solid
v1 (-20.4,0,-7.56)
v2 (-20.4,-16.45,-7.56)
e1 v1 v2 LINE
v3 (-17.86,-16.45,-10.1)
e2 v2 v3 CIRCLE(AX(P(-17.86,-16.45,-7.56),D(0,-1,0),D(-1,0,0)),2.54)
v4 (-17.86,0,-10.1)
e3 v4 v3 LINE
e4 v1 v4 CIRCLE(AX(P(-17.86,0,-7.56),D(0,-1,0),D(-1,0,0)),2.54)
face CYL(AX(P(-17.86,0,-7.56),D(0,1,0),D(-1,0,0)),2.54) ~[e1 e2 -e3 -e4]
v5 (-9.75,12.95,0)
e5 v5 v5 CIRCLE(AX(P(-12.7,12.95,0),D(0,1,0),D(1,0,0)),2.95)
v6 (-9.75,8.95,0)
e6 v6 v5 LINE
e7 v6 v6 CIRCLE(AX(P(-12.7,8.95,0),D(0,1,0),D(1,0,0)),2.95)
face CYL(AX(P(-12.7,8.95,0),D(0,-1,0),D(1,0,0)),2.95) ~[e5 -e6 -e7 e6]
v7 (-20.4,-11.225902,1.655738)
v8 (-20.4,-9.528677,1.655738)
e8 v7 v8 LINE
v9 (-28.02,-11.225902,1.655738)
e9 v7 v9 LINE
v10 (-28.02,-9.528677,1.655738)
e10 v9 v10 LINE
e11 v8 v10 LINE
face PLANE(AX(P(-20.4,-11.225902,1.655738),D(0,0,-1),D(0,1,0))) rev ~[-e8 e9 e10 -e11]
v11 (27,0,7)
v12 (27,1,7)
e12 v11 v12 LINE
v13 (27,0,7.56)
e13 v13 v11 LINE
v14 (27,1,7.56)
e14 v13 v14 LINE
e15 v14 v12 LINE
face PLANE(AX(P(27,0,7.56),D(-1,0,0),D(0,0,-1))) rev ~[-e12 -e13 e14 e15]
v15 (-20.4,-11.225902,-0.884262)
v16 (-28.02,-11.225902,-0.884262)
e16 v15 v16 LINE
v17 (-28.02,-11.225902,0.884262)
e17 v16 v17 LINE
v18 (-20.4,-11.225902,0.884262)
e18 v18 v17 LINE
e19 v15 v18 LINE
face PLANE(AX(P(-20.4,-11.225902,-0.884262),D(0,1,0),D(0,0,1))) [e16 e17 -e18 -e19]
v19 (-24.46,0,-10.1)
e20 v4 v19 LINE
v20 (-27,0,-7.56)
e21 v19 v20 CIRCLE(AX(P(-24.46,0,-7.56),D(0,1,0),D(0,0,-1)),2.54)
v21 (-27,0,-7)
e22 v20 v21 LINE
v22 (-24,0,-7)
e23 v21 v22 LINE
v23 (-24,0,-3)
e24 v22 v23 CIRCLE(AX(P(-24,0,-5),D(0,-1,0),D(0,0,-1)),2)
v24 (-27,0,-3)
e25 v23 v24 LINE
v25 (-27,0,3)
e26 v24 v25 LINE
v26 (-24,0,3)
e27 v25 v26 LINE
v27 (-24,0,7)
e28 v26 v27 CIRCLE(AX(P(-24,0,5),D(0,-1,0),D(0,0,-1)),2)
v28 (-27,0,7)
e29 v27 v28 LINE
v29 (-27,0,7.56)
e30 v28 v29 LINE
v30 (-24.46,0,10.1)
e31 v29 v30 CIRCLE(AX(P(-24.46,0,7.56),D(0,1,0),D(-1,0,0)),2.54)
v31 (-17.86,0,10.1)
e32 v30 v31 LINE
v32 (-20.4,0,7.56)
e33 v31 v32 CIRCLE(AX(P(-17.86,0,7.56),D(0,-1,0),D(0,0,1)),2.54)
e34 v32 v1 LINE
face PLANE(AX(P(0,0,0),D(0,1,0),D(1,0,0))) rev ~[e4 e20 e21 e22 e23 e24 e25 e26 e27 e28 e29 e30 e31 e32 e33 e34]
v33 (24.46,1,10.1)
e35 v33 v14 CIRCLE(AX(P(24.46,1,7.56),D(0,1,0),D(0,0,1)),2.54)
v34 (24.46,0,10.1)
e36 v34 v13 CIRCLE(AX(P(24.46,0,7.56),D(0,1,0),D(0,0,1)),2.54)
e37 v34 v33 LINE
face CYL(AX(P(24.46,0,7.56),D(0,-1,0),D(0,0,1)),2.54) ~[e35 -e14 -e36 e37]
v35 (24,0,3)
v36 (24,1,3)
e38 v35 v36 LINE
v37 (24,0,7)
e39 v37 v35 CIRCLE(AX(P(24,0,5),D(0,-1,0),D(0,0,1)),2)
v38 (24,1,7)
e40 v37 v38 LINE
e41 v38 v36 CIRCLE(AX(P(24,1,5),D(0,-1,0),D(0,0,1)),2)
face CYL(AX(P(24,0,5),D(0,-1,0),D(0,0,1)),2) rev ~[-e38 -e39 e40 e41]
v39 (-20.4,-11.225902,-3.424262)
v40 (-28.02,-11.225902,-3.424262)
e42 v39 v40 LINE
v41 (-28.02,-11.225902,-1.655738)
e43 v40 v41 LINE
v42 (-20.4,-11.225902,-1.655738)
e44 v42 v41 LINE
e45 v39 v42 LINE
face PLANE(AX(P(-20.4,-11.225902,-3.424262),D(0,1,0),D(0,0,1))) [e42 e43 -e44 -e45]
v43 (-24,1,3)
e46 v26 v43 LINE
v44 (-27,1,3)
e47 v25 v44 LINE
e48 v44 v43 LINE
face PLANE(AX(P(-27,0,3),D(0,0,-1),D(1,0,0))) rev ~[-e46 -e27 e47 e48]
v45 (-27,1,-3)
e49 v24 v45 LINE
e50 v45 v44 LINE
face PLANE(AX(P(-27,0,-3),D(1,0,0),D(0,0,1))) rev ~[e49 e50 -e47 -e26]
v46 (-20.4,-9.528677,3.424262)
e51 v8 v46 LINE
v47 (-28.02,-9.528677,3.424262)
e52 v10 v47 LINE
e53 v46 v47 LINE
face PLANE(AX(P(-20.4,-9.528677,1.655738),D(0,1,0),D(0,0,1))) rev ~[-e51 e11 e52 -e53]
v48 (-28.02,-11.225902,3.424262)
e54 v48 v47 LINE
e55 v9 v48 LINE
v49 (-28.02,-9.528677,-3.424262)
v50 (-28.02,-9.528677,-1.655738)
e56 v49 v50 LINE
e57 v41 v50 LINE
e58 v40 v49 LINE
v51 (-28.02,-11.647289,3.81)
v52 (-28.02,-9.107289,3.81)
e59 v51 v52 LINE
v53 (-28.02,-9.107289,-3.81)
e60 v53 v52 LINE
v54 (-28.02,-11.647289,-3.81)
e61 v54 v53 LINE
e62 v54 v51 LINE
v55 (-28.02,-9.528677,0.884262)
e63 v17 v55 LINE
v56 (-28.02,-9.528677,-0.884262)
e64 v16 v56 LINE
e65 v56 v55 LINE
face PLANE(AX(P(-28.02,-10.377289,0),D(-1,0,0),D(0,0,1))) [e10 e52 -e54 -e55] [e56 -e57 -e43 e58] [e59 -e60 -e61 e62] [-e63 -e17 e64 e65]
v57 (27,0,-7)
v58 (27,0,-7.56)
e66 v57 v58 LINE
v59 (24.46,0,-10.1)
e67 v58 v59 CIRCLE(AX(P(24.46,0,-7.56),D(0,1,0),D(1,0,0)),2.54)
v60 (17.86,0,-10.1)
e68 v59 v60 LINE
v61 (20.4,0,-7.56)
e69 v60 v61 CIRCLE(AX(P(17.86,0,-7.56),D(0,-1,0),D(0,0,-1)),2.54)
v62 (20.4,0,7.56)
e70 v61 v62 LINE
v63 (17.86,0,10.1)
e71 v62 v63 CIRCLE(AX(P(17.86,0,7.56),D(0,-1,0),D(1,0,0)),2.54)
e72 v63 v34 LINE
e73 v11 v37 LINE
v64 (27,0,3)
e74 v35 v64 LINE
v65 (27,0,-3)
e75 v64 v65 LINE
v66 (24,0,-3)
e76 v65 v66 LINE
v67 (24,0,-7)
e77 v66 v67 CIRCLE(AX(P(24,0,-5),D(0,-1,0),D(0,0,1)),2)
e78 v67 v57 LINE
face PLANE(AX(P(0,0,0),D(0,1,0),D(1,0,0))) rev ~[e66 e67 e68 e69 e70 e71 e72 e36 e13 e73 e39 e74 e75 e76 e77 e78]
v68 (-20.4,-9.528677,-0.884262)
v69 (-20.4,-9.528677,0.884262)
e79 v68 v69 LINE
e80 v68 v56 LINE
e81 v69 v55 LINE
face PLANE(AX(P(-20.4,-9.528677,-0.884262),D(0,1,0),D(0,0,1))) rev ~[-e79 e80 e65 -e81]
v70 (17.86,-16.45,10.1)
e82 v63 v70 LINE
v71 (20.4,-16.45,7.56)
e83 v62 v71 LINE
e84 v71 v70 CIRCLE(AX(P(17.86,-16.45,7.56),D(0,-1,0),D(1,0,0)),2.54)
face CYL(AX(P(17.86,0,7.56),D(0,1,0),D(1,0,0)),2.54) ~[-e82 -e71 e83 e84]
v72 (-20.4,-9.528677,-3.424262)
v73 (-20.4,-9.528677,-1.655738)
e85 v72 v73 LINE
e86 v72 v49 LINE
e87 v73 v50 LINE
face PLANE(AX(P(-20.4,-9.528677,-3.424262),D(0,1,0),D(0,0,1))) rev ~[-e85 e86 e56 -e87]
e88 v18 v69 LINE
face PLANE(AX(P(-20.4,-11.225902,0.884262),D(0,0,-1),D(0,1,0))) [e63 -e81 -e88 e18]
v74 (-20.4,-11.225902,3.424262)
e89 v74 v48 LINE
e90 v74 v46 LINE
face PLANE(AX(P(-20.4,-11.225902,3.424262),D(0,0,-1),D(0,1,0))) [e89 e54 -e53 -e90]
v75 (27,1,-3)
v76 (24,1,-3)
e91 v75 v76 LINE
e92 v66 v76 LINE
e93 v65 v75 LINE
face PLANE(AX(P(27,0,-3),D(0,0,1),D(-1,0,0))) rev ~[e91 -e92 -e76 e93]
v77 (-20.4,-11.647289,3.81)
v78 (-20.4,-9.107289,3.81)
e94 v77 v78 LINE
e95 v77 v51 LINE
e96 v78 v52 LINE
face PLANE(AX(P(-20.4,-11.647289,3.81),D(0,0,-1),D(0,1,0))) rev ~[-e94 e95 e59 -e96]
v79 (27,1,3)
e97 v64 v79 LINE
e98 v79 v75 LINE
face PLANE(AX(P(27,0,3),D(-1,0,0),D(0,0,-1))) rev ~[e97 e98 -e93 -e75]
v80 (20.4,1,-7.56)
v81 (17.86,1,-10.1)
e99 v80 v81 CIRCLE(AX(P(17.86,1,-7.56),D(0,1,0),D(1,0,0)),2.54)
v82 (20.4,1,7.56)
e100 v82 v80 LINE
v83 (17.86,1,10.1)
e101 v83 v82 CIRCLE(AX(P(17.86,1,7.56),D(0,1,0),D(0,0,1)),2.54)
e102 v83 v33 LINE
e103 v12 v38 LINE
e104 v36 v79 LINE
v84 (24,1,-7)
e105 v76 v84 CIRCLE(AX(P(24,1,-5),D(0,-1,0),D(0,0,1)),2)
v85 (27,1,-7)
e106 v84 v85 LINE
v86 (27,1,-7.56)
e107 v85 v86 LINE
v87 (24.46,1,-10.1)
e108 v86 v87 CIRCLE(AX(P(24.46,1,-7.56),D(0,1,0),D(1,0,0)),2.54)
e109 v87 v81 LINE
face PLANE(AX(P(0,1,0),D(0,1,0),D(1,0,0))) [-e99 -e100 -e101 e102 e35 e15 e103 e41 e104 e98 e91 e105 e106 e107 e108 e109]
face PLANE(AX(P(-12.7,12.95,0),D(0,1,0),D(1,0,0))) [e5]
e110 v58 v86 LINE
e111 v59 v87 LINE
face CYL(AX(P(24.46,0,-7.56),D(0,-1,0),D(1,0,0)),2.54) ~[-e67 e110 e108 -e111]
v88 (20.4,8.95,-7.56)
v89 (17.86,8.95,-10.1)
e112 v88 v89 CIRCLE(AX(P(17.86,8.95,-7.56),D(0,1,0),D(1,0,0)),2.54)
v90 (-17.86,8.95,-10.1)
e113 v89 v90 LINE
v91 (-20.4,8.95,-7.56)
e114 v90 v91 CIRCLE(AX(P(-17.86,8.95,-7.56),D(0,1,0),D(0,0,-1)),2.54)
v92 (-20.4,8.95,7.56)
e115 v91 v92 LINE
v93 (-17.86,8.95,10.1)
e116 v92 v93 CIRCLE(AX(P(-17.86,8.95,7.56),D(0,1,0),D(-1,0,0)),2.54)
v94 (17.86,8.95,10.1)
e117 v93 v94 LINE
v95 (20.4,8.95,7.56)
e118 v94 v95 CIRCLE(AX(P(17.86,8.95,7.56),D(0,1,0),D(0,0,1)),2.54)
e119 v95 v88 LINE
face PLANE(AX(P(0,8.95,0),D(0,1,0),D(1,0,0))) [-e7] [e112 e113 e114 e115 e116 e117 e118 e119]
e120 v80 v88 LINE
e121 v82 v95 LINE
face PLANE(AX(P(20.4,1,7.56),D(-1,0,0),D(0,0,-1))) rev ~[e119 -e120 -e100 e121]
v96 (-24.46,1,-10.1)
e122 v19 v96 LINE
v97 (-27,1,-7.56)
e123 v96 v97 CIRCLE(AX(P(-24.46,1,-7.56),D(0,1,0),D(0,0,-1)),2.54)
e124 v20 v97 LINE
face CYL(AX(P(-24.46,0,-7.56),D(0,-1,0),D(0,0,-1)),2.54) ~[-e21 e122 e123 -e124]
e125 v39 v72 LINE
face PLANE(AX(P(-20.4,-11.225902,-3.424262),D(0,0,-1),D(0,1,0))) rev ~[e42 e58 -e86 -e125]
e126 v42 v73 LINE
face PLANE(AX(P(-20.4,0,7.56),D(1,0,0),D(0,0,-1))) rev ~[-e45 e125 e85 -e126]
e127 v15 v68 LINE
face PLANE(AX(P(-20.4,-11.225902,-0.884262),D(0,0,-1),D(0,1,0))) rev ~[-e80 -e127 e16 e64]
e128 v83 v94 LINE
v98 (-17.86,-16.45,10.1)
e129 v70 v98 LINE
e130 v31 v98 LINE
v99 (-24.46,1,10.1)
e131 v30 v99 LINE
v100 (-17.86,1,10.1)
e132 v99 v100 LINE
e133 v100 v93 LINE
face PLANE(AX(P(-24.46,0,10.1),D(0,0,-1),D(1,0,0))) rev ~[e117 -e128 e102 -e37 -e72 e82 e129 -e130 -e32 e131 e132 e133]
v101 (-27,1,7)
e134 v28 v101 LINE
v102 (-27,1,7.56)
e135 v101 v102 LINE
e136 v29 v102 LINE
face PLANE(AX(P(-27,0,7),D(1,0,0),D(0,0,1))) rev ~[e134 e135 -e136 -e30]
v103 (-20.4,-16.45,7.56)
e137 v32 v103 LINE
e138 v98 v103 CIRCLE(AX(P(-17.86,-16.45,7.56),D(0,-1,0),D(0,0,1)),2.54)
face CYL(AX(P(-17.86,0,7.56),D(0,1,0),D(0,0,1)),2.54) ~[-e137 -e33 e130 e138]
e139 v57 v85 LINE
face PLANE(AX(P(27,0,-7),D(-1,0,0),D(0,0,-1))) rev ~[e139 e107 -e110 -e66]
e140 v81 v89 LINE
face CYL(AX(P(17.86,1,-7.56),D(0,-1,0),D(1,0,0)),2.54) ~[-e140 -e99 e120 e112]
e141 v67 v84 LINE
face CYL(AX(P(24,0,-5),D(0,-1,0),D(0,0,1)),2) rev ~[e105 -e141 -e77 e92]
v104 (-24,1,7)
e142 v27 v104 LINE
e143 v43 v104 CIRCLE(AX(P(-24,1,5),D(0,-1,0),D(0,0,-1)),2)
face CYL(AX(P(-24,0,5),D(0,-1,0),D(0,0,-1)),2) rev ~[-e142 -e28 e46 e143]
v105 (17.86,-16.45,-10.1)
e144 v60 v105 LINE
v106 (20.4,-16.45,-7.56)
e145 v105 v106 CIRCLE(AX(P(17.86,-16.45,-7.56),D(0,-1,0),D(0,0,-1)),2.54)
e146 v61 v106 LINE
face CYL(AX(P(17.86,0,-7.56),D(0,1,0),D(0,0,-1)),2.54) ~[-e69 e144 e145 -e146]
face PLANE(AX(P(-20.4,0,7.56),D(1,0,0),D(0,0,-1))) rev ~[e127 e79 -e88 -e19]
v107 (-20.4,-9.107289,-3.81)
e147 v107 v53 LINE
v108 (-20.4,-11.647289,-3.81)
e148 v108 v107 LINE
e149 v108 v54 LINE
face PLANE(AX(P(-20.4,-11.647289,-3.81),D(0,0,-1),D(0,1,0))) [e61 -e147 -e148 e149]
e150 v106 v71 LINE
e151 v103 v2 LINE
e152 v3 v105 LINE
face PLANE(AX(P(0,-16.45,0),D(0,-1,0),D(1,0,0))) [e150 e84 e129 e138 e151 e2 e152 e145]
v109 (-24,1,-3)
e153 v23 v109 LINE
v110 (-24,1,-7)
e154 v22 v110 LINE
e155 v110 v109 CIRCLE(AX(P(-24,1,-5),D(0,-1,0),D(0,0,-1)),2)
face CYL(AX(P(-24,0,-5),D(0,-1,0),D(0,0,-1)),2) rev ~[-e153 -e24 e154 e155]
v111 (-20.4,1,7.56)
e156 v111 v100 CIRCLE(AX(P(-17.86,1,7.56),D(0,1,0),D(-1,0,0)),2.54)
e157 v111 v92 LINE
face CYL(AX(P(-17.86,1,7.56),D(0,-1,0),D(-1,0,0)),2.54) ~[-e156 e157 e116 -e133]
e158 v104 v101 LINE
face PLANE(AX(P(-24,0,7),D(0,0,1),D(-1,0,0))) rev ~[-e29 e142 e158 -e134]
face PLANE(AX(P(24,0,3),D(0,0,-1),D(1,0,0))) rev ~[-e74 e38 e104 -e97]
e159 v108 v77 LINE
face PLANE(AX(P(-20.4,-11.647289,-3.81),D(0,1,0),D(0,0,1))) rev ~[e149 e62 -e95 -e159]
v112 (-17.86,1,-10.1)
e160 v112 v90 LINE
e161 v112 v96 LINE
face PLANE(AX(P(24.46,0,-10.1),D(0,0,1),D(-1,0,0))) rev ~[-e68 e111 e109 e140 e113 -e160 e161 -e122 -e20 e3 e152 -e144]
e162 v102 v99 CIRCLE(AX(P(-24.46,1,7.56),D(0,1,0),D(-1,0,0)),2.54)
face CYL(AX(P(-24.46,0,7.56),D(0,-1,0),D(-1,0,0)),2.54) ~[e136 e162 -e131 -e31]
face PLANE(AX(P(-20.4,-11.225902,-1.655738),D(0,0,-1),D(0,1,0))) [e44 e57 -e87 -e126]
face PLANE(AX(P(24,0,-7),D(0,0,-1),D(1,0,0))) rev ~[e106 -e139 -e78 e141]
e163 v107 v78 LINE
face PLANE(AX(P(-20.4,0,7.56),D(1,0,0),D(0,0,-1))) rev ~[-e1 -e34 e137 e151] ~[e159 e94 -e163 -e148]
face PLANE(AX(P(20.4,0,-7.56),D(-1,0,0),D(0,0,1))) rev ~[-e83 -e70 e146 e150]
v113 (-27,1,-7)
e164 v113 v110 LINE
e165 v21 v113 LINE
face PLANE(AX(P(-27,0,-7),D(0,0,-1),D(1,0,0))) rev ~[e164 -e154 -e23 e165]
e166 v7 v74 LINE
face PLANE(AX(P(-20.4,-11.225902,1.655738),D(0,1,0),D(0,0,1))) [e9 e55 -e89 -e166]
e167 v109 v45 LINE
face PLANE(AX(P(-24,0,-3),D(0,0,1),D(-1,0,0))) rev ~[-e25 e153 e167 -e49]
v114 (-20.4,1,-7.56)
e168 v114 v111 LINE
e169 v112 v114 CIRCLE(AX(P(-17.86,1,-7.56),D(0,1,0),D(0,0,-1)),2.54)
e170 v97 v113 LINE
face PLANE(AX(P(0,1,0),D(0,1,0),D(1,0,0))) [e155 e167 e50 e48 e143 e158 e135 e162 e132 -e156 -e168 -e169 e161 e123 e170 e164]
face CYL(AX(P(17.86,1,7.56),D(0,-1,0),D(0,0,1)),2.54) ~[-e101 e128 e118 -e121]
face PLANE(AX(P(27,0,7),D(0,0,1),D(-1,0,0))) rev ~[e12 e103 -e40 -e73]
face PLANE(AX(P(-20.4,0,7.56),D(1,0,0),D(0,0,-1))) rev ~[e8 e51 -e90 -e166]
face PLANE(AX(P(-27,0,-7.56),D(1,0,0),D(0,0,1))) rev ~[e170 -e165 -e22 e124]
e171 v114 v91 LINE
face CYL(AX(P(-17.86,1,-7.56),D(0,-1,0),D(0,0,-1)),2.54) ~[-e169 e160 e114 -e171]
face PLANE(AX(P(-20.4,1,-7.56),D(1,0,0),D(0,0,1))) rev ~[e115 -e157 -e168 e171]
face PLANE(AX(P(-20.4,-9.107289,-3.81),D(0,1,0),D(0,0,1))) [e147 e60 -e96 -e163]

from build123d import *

# Parameters (mm, degrees)
BOSS_EXTRUDE1_DEPTH = 1
BOSS_EXTRUDE2_DEPTH = 7.95
BOSS_EXTRUDE3_START = 16.45
BOSS_EXTRUDE3_DEPTH = 16.45
SKETCH5_W           = 7.62
SKETCH5_H           = 2.54
SKETCH5_W_2         = 1.768524962
SKETCH5_H_2         = 1.697224475
BOSS_EXTRUDE4_DEPTH = 7.62
SKETCH6_R           = 2.95
BOSS_EXTRUDE5_DEPTH = 4


with BuildPart() as part:
    # Sketch1 → Boss-Extrude1 (new body)
    with BuildSketch(Plane(origin=(0, 0, 0), x_dir=(1, 0, 0), z_dir=(0, 1, 0))):
        with BuildLine():
            ThreePointArc((-27, -7.56), (-26.256051224, -9.356051224), (-24.46, -10.1))
            Line((-24.46, -10.1), (24.46, -10.1))
            ThreePointArc((24.46, -10.1), (26.256051224, -9.356051224), (27, -7.56))
            Line((27, -7.56), (27, -7))
            Line((27, -7), (24, -7))
            ThreePointArc((24, -7), (22, -5), (24, -3))
            Line((24, -3), (27, -3))
            Line((27, -3), (27, 3))
            Line((27, 3), (24, 3))
            ThreePointArc((24, 3), (22, 5), (24, 7))
            Line((24, 7), (27, 7))
            Line((27, 7), (27, 7.56))
            ThreePointArc((27, 7.56), (26.256051224, 9.356051224), (24.46, 10.1))
            Line((24.46, 10.1), (-24.46, 10.1))
            ThreePointArc((-24.46, 10.1), (-26.256051224, 9.356051224), (-27, 7.56))
            Line((-27, 7.56), (-27, 7))
            Line((-27, 7), (-24, 7))
            ThreePointArc((-24, 7), (-22, 5), (-24, 3))
            Line((-24, 3), (-27, 3))
            Line((-27, 3), (-27, -3))
            Line((-27, -3), (-24, -3))
            ThreePointArc((-24, -3), (-22, -5), (-24, -7))
            Line((-24, -7), (-27, -7))
            Line((-27, -7), (-27, -7.56))
        make_face()
    extrude(amount=BOSS_EXTRUDE1_DEPTH)

    # Sketch3 → Boss-Extrude2 (add)
    with BuildSketch(Plane(origin=(0, 1, 0), x_dir=(1, 0, 0), z_dir=(0, 1, 0))):
        with BuildLine():
            Line((-17.86, -10.1), (17.86, -10.1))
            ThreePointArc((17.86, -10.1), (19.656051224, -9.356051224), (20.4, -7.56))
            Line((20.4, -7.56), (20.4, 7.56))
            ThreePointArc((20.4, 7.56), (19.656051224, 9.356051224), (17.86, 10.1))
            Line((17.86, 10.1), (-17.86, 10.1))
            ThreePointArc((-17.86, 10.1), (-19.656051224, 9.356051224), (-20.4, 7.56))
            Line((-20.4, 7.56), (-20.4, -7.56))
            ThreePointArc((-20.4, -7.56), (-19.656051224, -9.356051224), (-17.86, -10.1))
        make_face()
    extrude(amount=BOSS_EXTRUDE2_DEPTH)

    # Sketch4 → Boss-Extrude3 (add)
    with BuildSketch(Plane.XZ.offset(BOSS_EXTRUDE3_START)):
        with BuildLine():
            Line((-17.86, -10.1), (17.86, -10.1))
            ThreePointArc((17.86, -10.1), (19.656051224, -9.356051224), (20.4, -7.56))
            Line((20.4, -7.56), (20.4, 7.56))
            ThreePointArc((20.4, 7.56), (19.656051224, 9.356051224), (17.86, 10.1))
            Line((17.86, 10.1), (-17.86, 10.1))
            ThreePointArc((-17.86, 10.1), (-19.656051224, 9.356051224), (-20.4, 7.56))
            Line((-20.4, 7.56), (-20.4, -7.56))
            ThreePointArc((-20.4, -7.56), (-19.656051224, -9.356051224), (-17.86, -10.1))
        make_face()
    extrude(amount=-BOSS_EXTRUDE3_DEPTH)

    # Sketch5 → Boss-Extrude4 (add)
    with BuildSketch(Plane.ZY.offset(20.4)):
        with Locations((0, -10.377289394)):
            Rectangle(SKETCH5_W, SKETCH5_H)
        with Locations((0, -10.377289394)):
            Rectangle(SKETCH5_W_2, SKETCH5_H_2, mode=Mode.SUBTRACT)
        with Locations((-2.54, -10.377289394)):
            Rectangle(SKETCH5_W_2, SKETCH5_H_2, mode=Mode.SUBTRACT)
        with Locations((2.54, -10.377289394)):
            Rectangle(SKETCH5_W_2, SKETCH5_H_2, mode=Mode.SUBTRACT)
    extrude(amount=BOSS_EXTRUDE4_DEPTH)

    # Sketch6 → Boss-Extrude5 (add)
    with BuildSketch(Plane(origin=(0, 8.95, 0), x_dir=(1, 0, 0), z_dir=(0, 1, 0))):
        with Locations((-12.7, 0)):
            Circle(SKETCH6_R)
    extrude(amount=BOSS_EXTRUDE5_DEPTH)


solid = part.part
